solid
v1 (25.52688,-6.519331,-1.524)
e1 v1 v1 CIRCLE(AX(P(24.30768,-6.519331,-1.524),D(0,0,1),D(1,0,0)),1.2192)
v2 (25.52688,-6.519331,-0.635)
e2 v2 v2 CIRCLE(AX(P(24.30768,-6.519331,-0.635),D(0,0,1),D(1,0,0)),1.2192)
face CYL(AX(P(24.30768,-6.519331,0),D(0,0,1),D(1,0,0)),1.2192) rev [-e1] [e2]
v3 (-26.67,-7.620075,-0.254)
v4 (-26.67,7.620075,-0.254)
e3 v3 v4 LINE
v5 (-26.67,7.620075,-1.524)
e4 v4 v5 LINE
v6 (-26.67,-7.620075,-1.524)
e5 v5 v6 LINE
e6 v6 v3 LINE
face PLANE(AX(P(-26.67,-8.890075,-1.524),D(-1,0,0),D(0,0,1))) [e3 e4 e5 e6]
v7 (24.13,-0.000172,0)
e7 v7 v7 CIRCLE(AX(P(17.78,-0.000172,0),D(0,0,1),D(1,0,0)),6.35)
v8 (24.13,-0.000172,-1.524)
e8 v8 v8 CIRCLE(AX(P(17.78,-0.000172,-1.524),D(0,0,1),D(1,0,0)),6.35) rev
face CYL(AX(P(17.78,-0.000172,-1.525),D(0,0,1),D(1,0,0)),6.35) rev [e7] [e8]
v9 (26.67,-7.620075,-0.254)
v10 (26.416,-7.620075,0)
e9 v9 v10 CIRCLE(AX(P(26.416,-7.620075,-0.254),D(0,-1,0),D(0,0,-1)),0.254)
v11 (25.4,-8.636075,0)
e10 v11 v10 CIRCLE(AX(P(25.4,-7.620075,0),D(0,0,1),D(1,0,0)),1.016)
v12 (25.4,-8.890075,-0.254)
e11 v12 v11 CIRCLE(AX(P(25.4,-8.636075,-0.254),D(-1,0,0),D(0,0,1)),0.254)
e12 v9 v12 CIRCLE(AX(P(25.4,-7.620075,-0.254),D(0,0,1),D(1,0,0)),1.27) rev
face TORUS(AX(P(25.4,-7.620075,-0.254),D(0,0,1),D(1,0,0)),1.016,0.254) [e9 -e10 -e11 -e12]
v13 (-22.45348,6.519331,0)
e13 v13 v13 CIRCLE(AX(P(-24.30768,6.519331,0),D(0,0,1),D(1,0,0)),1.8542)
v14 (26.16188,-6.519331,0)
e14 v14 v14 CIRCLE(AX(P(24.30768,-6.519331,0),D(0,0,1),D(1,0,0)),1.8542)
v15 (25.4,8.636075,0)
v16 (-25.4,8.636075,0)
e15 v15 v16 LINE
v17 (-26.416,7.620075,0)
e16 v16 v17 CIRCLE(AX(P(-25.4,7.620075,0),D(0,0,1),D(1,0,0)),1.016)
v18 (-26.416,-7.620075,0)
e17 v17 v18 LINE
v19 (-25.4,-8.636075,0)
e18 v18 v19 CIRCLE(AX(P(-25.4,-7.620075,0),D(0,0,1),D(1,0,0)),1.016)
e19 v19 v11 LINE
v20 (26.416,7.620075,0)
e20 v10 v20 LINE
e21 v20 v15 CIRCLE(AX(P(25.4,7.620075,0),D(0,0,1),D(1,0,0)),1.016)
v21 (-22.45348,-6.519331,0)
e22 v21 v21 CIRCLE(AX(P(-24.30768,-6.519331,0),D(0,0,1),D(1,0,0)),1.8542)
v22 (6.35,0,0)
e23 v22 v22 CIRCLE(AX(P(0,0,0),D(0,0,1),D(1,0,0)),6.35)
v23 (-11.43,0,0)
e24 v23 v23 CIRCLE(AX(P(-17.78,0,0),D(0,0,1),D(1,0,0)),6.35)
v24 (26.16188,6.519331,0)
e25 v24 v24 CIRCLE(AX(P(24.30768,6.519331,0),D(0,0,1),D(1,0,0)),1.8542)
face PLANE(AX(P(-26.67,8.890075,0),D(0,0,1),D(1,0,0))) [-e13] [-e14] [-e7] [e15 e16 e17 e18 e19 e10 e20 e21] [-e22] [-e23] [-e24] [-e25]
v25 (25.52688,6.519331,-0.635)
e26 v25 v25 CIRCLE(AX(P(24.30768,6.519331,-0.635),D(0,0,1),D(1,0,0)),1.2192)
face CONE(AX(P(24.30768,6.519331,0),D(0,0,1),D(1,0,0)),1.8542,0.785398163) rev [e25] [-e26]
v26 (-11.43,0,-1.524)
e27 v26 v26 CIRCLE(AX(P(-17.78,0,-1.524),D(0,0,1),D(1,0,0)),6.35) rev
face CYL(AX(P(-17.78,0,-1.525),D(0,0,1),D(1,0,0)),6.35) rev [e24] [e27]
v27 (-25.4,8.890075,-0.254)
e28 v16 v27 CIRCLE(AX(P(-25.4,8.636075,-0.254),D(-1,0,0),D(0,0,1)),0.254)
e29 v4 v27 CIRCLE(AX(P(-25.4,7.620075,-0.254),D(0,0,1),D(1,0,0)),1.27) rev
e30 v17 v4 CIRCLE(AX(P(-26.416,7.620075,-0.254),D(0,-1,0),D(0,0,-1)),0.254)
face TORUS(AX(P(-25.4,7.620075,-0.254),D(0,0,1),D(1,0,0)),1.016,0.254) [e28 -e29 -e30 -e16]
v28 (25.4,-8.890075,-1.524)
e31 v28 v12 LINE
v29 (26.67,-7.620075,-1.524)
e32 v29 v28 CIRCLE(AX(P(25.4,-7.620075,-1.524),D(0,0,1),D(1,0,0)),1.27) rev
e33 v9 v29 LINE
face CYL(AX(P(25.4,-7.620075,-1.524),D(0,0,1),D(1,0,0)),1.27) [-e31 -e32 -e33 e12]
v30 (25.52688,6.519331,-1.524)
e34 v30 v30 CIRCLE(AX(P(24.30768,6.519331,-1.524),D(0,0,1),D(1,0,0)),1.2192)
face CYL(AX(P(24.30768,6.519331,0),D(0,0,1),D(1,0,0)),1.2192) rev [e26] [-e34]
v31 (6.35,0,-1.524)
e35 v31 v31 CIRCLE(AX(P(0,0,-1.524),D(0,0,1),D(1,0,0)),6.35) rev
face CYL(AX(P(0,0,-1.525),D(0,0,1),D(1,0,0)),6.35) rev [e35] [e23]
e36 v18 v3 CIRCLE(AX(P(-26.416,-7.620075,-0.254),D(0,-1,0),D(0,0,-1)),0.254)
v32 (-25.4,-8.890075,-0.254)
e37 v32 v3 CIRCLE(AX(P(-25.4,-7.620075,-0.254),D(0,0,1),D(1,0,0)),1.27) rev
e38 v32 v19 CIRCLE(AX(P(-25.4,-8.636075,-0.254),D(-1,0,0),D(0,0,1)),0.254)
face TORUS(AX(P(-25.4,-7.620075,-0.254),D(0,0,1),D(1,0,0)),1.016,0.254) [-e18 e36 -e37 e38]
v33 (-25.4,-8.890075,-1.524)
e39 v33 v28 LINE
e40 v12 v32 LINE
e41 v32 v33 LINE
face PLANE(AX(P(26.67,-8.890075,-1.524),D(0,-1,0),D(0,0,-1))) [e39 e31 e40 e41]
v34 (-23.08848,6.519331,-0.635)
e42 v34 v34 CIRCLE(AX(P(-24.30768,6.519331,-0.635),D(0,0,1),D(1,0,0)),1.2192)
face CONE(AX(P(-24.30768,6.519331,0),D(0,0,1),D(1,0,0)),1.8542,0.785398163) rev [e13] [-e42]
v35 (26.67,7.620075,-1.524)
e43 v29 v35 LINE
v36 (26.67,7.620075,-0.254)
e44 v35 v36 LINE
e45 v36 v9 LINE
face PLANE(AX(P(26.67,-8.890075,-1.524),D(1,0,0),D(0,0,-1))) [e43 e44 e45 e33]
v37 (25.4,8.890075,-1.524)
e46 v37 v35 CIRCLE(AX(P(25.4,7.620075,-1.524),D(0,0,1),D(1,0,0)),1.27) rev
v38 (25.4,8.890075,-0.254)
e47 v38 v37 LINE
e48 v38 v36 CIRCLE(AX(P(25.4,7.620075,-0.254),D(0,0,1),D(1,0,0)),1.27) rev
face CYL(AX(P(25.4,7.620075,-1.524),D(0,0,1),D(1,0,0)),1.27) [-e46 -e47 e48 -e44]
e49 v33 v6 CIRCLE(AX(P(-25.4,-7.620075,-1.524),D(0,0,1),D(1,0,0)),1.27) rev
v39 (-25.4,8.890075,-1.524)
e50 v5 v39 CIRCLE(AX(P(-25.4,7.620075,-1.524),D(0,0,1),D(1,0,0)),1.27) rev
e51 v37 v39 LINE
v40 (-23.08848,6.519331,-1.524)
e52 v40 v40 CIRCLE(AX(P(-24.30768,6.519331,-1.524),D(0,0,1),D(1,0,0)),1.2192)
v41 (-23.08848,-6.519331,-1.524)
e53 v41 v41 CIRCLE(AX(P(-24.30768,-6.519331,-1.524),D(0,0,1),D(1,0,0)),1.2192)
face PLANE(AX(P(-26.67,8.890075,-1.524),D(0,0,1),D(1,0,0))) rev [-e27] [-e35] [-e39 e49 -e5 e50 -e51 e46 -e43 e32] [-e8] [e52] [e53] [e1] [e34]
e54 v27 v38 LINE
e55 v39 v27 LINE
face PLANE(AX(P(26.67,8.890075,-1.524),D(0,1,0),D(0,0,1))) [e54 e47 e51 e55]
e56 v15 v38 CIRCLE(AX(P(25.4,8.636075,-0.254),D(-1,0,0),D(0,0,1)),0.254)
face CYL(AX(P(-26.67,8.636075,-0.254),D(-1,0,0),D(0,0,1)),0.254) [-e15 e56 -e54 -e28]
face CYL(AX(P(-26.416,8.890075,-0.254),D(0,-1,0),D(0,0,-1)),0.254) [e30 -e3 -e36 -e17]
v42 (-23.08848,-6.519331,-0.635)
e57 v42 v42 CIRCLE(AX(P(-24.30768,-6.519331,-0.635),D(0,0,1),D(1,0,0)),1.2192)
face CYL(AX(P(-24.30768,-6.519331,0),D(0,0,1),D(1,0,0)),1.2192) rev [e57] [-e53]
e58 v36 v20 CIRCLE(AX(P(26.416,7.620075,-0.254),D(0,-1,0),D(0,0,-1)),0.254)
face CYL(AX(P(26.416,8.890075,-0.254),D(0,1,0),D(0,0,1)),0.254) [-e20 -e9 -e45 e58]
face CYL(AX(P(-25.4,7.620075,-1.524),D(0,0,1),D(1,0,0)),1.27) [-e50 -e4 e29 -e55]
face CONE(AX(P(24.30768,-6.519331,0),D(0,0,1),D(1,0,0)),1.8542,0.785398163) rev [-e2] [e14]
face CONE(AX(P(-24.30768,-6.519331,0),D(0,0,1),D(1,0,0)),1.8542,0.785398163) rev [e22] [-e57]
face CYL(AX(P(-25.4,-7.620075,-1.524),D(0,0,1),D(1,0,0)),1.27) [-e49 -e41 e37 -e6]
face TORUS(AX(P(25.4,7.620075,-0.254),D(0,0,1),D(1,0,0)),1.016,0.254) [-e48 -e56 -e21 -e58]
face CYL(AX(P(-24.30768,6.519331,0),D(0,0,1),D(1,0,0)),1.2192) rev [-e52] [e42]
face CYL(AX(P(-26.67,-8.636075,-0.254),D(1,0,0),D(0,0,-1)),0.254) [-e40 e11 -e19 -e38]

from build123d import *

# Parameters (mm, degrees)
SKETCH2_W                      = 53.34
SKETCH2_H                      = 17.780149528
BOSS_EXTRUDE1_DEPTH            = 1.524
F_2_CLEARANCE_HOLE1_AT_2_COUNT = 2
F_2_CLEARANCE_HOLE1_AT_2_PITCH = 13.038661485
F_2_CLEARANCE_HOLE1_AT_3_COUNT = 2
F_2_CLEARANCE_HOLE1_AT_3_PITCH = 50.333486658
F_2_CLEARANCE_HOLE1_AT_4_COUNT = 2
F_2_CLEARANCE_HOLE1_AT_4_PITCH = 48.615359567
FILLET1_R                      = 1.27
CUT_EXTRUDE1_REACH             = 30.154
SKETCH6_R                      = 6.35
FILLET2_R                      = 0.254


with BuildPart() as part:
    # Sketch2 → Boss-Extrude1 (new body)
    with BuildSketch(Plane.XY):
        Rectangle(SKETCH2_W, SKETCH2_H)
    extrude(amount=-BOSS_EXTRUDE1_DEPTH)

    # Sketch4 → #2 Clearance Hole1 (revolve, cut)
    with BuildSketch(Plane(origin=(-24.307679783, 6.519330742, 0), x_dir=(0, -1, 0), z_dir=(1, 0, 0))):
        Polygon((0, 0), (0, 1.524), (1.2192, 1.524), (1.2192, 0.635), (1.8542, 0), align=None)
    f_2_clearance_hole1 = revolve(axis=Axis((-24.307679783, 6.519330742, 6.35), (0, 0, -1)), mode=Mode.SUBTRACT)

    # #2 Clearance Hole1 at 2: #2 Clearance Hole1 ×2
    with Locations(*[(0, -i * F_2_CLEARANCE_HOLE1_AT_2_PITCH, 0) for i in range(1, F_2_CLEARANCE_HOLE1_AT_2_COUNT)]):
        add(f_2_clearance_hole1, mode=Mode.SUBTRACT)

    # #2 Clearance Hole1 at 3: #2 Clearance Hole1 ×2
    with Locations(*[Vector(0.9658651286657962, -0.25904546556040114, 0) * (i * F_2_CLEARANCE_HOLE1_AT_3_PITCH) for i in range(1, F_2_CLEARANCE_HOLE1_AT_3_COUNT)]):
        add(f_2_clearance_hole1, mode=Mode.SUBTRACT)

    # #2 Clearance Hole1 at 4: #2 Clearance Hole1 ×2
    with Locations(*[(i * F_2_CLEARANCE_HOLE1_AT_4_PITCH, 0, 0) for i in range(1, F_2_CLEARANCE_HOLE1_AT_4_COUNT)]):
        add(f_2_clearance_hole1, mode=Mode.SUBTRACT)

    # Fillet1
    fillet1_edges = [part.edges().sort_by_distance(p)[0] for p in [
        (-26.67, 8.890074764, -0.762),
        (26.67, 8.890074764, -0.762),
        (26.67, -8.890074764, -0.762),
        (-26.67, -8.890074764, -0.762),
    ]]
    fillet(fillet1_edges, radius=FILLET1_R)

    # Sketch6 → Cut-Extrude1 (cut, up to next)
    with BuildSketch(Plane.XY, mode=Mode.PRIVATE) as cut_extrude1_sk1:
        Circle(SKETCH6_R)
    cut_extrude1_tool1 = extrude(cut_extrude1_sk1.sketch, amount=-CUT_EXTRUDE1_REACH, mode=Mode.PRIVATE) & part.part
    # Sketch6 → Cut-Extrude1 (cut, up to next)
    with BuildSketch(Plane.XY, mode=Mode.PRIVATE) as cut_extrude1_sk2:
        with Locations((-17.78, 0)):
            Circle(SKETCH6_R)
    cut_extrude1_tool2 = extrude(cut_extrude1_sk2.sketch, amount=-CUT_EXTRUDE1_REACH, mode=Mode.PRIVATE) & part.part
    # Sketch6 → Cut-Extrude1 (cut, up to next)
    with BuildSketch(Plane.XY, mode=Mode.PRIVATE) as cut_extrude1_sk3:
        with Locations((17.779999999, -0.00017224)):
            Circle(SKETCH6_R)
    cut_extrude1_tool3 = extrude(cut_extrude1_sk3.sketch, amount=-CUT_EXTRUDE1_REACH, mode=Mode.PRIVATE) & part.part
    add(cut_extrude1_tool1.solids().sort_by_distance((0, 0, 0))[0], mode=Mode.SUBTRACT)
    add(cut_extrude1_tool2.solids().sort_by_distance((-17.78, 0, 0))[0], mode=Mode.SUBTRACT)
    add(cut_extrude1_tool3.solids().sort_by_distance((17.78, -0.000172, 0))[0], mode=Mode.SUBTRACT)

    # Fillet2
    fillet2_edges = [part.edges().sort_by_distance(p)[0] for p in [
        (0, 8.890074764, 0),
        (-26.67, 0, 0),
        (0, -8.890074764, 0),
        (26.67, 0, 0),
        (-26.298025612, -8.518100377, 0),
        (26.298025612, -8.518100377, 0),
        (26.298025612, 8.518100377, 0),
        (-26.298025612, 8.518100377, 0),
    ]]
    fillet(fillet2_edges, radius=FILLET2_R)


solid = part.part
